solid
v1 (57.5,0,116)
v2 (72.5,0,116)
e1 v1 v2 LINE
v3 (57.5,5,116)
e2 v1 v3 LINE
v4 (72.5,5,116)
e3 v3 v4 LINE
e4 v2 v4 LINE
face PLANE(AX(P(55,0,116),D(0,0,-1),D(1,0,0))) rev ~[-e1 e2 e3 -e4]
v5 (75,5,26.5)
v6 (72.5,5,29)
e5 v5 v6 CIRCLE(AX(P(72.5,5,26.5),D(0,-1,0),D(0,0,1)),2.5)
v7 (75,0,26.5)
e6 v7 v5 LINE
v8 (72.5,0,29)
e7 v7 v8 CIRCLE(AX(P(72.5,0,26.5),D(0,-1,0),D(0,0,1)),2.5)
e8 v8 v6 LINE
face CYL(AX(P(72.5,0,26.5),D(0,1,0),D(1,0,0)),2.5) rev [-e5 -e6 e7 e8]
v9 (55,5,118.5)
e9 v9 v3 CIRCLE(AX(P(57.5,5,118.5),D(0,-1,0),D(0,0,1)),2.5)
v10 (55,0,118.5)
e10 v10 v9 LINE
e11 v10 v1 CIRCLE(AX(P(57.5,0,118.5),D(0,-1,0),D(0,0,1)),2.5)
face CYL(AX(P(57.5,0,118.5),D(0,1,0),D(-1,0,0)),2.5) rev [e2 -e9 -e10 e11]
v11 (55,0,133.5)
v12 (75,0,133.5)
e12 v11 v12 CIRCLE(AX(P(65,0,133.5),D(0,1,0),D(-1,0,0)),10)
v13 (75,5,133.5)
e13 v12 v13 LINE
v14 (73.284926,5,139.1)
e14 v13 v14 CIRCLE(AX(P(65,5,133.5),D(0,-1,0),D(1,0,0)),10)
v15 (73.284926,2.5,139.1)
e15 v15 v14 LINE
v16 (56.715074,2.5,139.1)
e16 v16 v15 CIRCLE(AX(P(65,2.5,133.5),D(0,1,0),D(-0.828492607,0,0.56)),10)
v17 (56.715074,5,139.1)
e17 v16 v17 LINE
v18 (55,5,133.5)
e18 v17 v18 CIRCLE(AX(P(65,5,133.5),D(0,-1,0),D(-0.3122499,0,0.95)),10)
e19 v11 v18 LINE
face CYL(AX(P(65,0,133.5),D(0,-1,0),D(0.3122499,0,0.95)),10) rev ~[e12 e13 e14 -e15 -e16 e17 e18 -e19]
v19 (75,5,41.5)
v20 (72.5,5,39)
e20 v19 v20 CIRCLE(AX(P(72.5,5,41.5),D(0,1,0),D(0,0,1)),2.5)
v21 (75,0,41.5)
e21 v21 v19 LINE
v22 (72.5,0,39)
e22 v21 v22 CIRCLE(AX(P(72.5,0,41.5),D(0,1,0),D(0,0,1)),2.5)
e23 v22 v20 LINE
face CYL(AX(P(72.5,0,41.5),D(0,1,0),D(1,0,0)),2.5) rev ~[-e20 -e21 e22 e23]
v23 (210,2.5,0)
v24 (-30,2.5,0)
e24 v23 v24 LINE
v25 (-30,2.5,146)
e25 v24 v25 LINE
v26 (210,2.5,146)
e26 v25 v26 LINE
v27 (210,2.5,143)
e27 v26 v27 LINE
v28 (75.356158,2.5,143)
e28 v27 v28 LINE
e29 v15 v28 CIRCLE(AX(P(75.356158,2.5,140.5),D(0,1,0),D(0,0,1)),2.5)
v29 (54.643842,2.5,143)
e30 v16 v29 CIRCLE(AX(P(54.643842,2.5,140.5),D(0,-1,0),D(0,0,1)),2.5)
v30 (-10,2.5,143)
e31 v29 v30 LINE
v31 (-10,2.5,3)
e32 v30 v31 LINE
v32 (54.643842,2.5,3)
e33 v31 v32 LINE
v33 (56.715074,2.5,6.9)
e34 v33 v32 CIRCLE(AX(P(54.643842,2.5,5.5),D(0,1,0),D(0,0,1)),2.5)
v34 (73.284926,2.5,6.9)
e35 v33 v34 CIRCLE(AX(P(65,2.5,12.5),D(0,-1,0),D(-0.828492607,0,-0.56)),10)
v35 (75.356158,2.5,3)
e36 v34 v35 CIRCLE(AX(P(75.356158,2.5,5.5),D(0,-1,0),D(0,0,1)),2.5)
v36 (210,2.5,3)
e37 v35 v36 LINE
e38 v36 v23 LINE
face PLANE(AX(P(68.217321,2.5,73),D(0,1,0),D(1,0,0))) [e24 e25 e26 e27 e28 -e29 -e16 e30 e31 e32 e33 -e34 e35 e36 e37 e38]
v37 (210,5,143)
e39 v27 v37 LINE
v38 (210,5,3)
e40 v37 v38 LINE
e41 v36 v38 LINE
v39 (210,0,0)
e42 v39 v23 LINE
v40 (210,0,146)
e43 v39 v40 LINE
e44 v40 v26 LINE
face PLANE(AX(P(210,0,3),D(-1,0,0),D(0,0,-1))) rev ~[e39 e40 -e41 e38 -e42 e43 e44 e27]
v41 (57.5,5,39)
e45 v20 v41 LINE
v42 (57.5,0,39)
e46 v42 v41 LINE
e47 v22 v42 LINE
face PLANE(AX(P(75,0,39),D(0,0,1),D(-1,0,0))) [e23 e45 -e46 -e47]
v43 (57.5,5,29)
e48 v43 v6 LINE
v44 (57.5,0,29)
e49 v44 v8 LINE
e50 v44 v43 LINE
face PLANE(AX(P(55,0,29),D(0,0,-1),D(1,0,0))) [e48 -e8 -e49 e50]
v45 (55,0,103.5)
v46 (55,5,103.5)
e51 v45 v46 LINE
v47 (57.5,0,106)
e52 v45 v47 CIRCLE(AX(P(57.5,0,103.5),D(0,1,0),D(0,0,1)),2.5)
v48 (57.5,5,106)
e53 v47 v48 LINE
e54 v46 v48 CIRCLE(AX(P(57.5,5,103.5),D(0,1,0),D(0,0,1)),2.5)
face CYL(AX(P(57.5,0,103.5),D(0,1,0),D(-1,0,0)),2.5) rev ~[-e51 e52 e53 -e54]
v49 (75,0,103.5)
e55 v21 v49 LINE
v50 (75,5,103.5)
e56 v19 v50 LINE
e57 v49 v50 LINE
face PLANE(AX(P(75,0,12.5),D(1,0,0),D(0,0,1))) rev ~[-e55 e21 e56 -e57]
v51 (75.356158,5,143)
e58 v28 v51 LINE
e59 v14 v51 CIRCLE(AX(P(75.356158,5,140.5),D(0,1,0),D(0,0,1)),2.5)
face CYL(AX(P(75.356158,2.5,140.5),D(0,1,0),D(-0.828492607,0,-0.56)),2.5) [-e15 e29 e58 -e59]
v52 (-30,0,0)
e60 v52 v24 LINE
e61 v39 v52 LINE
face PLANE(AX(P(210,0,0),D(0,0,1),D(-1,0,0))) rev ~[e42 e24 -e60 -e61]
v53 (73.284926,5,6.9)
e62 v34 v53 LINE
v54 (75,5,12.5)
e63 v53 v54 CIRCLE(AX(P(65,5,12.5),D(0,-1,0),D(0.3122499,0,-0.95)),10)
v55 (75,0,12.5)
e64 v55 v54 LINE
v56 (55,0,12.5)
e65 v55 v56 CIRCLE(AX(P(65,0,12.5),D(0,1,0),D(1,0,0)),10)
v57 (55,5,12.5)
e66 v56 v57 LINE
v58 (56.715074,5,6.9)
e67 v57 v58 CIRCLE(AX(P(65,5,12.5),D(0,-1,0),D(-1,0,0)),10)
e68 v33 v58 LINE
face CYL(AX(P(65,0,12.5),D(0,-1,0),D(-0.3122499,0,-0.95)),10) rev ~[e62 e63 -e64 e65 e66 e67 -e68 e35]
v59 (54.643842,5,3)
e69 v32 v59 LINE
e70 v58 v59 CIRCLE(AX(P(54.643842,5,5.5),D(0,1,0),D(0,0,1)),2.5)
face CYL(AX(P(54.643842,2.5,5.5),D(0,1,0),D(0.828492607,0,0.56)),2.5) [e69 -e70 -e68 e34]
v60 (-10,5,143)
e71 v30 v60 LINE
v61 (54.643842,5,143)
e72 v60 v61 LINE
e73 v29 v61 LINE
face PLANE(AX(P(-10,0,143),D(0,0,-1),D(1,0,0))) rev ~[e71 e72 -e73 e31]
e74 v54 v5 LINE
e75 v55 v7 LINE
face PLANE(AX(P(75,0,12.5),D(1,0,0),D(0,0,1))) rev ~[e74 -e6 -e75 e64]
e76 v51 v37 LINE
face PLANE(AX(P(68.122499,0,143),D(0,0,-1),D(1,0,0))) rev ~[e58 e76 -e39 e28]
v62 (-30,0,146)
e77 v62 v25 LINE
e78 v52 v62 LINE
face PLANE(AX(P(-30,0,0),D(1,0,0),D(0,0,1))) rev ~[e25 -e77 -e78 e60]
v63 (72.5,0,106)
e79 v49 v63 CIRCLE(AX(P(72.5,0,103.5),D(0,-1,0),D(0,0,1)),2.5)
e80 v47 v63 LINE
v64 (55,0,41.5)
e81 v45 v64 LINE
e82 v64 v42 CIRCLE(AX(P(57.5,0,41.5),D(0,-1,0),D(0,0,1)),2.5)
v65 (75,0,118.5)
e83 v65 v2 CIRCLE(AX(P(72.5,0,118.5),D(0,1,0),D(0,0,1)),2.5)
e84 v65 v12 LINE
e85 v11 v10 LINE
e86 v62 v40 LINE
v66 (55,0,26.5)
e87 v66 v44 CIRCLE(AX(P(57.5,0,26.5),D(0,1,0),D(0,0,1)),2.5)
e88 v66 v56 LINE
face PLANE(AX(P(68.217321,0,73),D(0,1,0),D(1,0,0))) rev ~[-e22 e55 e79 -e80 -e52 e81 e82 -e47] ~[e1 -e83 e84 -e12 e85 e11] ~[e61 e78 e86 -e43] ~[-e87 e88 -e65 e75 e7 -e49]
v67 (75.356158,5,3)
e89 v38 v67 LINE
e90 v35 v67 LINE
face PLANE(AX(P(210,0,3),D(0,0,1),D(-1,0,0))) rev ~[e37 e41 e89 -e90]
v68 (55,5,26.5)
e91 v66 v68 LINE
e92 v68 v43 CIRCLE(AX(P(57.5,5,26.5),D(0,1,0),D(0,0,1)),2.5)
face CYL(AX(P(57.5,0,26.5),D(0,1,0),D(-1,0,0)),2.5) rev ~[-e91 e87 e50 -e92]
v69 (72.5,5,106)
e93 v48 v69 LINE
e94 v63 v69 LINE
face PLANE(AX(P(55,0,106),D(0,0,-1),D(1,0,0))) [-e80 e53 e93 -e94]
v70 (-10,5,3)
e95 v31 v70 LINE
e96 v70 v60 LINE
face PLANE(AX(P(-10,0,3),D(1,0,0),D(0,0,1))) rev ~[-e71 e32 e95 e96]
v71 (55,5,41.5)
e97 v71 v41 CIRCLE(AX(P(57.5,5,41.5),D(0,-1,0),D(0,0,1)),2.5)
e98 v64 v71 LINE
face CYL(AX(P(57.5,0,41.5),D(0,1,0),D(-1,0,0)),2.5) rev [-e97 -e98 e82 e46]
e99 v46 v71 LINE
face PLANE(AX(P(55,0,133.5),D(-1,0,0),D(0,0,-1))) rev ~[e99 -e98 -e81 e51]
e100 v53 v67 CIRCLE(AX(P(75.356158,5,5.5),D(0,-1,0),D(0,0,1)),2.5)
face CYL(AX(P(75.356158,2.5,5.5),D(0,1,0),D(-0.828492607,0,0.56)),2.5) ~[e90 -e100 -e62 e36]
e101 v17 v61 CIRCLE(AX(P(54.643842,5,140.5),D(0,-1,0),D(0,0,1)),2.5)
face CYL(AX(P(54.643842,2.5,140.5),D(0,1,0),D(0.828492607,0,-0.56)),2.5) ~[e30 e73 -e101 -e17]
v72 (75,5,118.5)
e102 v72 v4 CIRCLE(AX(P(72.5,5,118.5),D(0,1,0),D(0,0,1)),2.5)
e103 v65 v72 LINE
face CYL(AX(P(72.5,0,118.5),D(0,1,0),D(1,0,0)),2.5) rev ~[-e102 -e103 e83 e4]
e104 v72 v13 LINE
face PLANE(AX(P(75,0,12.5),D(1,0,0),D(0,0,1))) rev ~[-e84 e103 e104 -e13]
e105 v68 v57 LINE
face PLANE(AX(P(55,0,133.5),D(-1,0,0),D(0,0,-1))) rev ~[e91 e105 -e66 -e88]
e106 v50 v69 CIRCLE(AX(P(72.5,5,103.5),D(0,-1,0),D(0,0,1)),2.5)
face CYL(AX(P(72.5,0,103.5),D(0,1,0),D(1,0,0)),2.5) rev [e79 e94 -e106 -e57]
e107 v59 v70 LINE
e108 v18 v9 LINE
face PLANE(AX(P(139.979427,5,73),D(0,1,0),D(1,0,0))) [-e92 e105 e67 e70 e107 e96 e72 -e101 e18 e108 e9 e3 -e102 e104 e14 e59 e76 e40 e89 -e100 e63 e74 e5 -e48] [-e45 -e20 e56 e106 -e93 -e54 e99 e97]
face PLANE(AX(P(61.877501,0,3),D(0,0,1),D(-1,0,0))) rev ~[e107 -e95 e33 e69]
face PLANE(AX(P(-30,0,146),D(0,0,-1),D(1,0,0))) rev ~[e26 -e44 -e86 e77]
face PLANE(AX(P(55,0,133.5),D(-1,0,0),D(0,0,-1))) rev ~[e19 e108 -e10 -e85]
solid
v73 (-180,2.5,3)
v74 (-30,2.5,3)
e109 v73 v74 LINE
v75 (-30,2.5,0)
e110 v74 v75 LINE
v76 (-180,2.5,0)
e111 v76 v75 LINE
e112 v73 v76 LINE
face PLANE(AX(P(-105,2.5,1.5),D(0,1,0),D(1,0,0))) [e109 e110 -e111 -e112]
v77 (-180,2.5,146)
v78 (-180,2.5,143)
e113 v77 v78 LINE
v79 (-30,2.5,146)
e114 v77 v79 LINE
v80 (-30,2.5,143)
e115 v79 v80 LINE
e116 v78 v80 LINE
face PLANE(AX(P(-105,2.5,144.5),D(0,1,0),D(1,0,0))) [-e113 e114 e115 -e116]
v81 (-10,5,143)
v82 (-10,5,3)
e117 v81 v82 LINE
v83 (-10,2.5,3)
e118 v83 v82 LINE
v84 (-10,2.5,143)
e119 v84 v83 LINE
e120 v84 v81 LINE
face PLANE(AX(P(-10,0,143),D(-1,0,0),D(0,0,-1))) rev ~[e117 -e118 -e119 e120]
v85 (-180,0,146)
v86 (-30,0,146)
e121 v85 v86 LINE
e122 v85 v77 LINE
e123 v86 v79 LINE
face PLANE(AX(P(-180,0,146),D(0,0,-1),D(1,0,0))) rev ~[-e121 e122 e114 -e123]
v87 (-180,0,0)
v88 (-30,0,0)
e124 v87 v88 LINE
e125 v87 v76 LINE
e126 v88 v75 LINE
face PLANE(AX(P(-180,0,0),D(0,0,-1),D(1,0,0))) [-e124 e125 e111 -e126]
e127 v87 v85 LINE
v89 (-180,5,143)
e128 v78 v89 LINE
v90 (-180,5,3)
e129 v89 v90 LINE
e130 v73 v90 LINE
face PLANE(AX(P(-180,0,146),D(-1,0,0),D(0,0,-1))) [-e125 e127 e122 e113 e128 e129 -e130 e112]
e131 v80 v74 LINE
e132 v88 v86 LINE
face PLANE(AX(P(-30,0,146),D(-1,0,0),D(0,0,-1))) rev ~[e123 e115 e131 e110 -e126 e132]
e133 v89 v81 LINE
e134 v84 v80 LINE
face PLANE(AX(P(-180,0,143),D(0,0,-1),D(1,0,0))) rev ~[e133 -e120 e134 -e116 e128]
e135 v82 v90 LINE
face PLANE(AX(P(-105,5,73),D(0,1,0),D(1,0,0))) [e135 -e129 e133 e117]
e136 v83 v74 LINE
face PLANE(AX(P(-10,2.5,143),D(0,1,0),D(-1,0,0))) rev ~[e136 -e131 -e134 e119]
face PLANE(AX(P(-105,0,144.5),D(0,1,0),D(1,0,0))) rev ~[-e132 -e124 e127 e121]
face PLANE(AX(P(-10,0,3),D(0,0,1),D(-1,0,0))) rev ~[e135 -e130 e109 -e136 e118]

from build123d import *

# Parameters (mm, degrees)
BOSS_EXTRUDE4_DEPTH   = 5
BOSS_EXTRUDE4_2_DEPTH = 5
BOSS_EXTRUDE5_DEPTH   = 2.5
SKETCH18_W            = 20.000000000060737
SKETCH18_H            = 9.999999999999986
BOSS_EXTRUDE6_DEPTH   = 5
FILLET4_R             = 2.5
FILLET5_R             = 2.5
BOSS_EXTRUDE7_DEPTH   = 5
CUT_EXTRUDE1_DEPTH    = 140.00000000000003
SKETCH16_7_W          = 150.00000000000003
SKETCH16_7_H          = 2.999999999999961
SKETCH16_7_W_2        = 150
SKETCH16_7_H_2        = 3
BOSS_EXTRUDE8_DEPTH   = 2.5


with BuildPart() as part:
    # Sketch16 → Boss-Extrude4 (new body)
    with BuildSketch(Plane(origin=(0, 0, 0), x_dir=(1, 0, 0), z_dir=(0, 1, 0))):
        with BuildLine():
            Line((61.87750100080055, -3.0000000000000027), (-9.999999999999972, -3.0000000000000027))
            Line((-9.99999999999998, -3), (-9.99999999999998, -143.00000000000003))
            Line((-9.999999999999972, -143.00000000000003), (61.87750100080078, -143.00000000000003))
            ThreePointArc((61.877501000800784, -142.99999999999997), (56.89984598936563, -139.36408603313456), (54.99999999999999, -133.49999999999997))
            Line((55, -133.49999999999997), (54.99999999999999, -12.5))
            ThreePointArc((54.99999999999999, -12.5), (56.89984598936555, -6.635913966865517), (61.87750100080056, -3.000000000000062))
        make_face()
    extrude(amount=BOSS_EXTRUDE4_DEPTH)



with BuildPart() as body_2:
    # Sketch16 → Boss-Extrude4 2 (new body)
    with BuildSketch(Plane(origin=(0, 0, 0), x_dir=(1, 0, 0), z_dir=(0, 1, 0))):
        with BuildLine():
            Line((209.99999999999991, -143.00000000000003), (209.99999999999991, -3.0000000000000027))
            Line((209.99999999999991, -3.0000000000000027), (68.12249899919945, -3.0000000000000027))
            ThreePointArc((68.12249899919944, -3.000000000000064), (73.10015401063445, -6.635913966865518), (75.00000000000001, -12.500000000000002))
            Line((75.00000000000001, -12.5), (75.00000000000001, -133.49999999999997))
            ThreePointArc((75, -133.49999999999997), (73.10015401063437, -139.36408603313456), (68.12249899919921, -142.99999999999997))
            Line((68.12249899919922, -143.00000000000003), (209.99999999999991, -143.00000000000003))
        make_face()
    extrude(amount=BOSS_EXTRUDE4_2_DEPTH)


with BuildPart() as part_1:
    add(part.part)

    add(body_2.part)  # Boss-Extrude5 merges body 2
    # Sketch16<5> → Boss-Extrude5 (add)
    with BuildSketch(Plane(origin=(0, 0, 0), x_dir=(1, 0, 0), z_dir=(0, 1, 0))):
        with BuildLine():
            Line((-29.99999999999998, 0), (-29.99999999999998, -146))
            Line((-29.99999999999998, -146), (209.99999999999991, -146.00000000000003))
            Line((209.99999999999991, -146.00000000000003), (209.99999999999991, -143.00000000000003))
            Line((209.99999999999991, -143.00000000000003), (68.12249899919922, -143.00000000000003))
            ThreePointArc((68.12249899919921, -142.99999999999997), (65, -143.49999999999997), (61.877501000800784, -142.99999999999997))
            Line((61.87750100080078, -143.00000000000003), (-9.999999999999972, -143.00000000000003))
            Line((-9.99999999999998, -143.00000000000003), (-9.99999999999998, -3))
            Line((-9.999999999999972, -3.0000000000000027), (61.87750100080055, -3.0000000000000027))
            ThreePointArc((61.87750100080056, -3.000000000000062), (65, -2.499999999999984), (68.12249899919944, -3.000000000000064))
            Line((68.12249899919945, -3.0000000000000027), (209.99999999999991, -3.0000000000000027))
            Line((209.99999999999991, -3.0000000000000027), (209.99999999999991, -4.161e-14))
            Line((209.99999999999991, -4.161e-14), (-29.99999999999997, 0))
        make_face()
    extrude(amount=BOSS_EXTRUDE5_DEPTH)

    # Sketch18 → Boss-Extrude6 (add)
    with BuildSketch(Plane.XZ):
        with Locations((65.00000000000001, 111.00000000000003)):
            Rectangle(SKETCH18_W, SKETCH18_H)
        Polygon((75.00000000003038, 39.00000000000002), (54.99999999996964, 39.00000000000002), (54.99999999996964, 29.000000000000025), (75.00000000003038, 29.000000000000018), align=None)
    extrude(amount=-BOSS_EXTRUDE6_DEPTH)

    # Fillet4
    fillet4_edges = [part_1.edges().sort_by_distance(p)[0] for p in [
        (75.00000000003038, 2.5, 116.00000000000001),
        (54.99999999996964, 2.5, 116.00000000000001),
        (75.00000000003038, 2.5, 39.00000000000002),
        (54.99999999996964, 2.5, 39.00000000000002),
        (54.99999999996964, 2.5, 106.00000000000003),
        (75.00000000003038, 2.5, 106.00000000000003),
        (75.00000000003038, 2.5, 29.000000000000018),
        (54.99999999996964, 2.5, 29.000000000000025),
    ]]
    fillet(fillet4_edges, radius=FILLET4_R)

    # Fillet5
    fillet5_edges = [part_1.edges().sort_by_distance(p)[0] for p in [
        (68.12249899919945, 3.75, 3.0000000000000333),
        (61.87750100080055, 3.75, 3.0000000000000333),
        (68.12249899919922, 3.75, 143),
        (61.87750100080078, 3.75, 143),
    ]]
    fillet(fillet5_edges, radius=FILLET5_R)


with BuildPart() as body_2_2:
    # Sketch16<6> → Boss-Extrude7 (new body)
    with BuildSketch(Plane(origin=(0, 0, 0), x_dir=(1, 0, 0), z_dir=(0, 1, 0))):
        Polygon((-180, -3.0000000000000027), (-179.99999999999997, -143.00000000000003), (-9.999999999999972, -143.00000000000003), (-9.99999999999998, -3), align=None)
    extrude(amount=BOSS_EXTRUDE7_DEPTH)

    # Sketch19 → Cut-Extrude1 (cut)
    with BuildSketch(Plane.XY.offset(143.00000000000003)):
        Polygon((-9.99999999999998, 2.5), (-29.999999999999982, 2.4999999999999973), (-29.999999999999982, 0), (-9.99999999999998, 0), align=None)
    extrude(amount=-CUT_EXTRUDE1_DEPTH, mode=Mode.SUBTRACT)

    # Sketch16<7> → Boss-Extrude8 (add)
    with BuildSketch(Plane(origin=(0, 0, 0), x_dir=(1, 0, 0), z_dir=(0, 1, 0))):
        with Locations((-104.99999999999999, -1.5000000000000222)):
            Rectangle(SKETCH16_7_W, SKETCH16_7_H)
        with Locations((-104.99999999999997, -144.50000000000003)):
            Rectangle(SKETCH16_7_W_2, SKETCH16_7_H_2)
    extrude(amount=BOSS_EXTRUDE8_DEPTH)


solid = Compound([part_1.part, body_2_2.part])
